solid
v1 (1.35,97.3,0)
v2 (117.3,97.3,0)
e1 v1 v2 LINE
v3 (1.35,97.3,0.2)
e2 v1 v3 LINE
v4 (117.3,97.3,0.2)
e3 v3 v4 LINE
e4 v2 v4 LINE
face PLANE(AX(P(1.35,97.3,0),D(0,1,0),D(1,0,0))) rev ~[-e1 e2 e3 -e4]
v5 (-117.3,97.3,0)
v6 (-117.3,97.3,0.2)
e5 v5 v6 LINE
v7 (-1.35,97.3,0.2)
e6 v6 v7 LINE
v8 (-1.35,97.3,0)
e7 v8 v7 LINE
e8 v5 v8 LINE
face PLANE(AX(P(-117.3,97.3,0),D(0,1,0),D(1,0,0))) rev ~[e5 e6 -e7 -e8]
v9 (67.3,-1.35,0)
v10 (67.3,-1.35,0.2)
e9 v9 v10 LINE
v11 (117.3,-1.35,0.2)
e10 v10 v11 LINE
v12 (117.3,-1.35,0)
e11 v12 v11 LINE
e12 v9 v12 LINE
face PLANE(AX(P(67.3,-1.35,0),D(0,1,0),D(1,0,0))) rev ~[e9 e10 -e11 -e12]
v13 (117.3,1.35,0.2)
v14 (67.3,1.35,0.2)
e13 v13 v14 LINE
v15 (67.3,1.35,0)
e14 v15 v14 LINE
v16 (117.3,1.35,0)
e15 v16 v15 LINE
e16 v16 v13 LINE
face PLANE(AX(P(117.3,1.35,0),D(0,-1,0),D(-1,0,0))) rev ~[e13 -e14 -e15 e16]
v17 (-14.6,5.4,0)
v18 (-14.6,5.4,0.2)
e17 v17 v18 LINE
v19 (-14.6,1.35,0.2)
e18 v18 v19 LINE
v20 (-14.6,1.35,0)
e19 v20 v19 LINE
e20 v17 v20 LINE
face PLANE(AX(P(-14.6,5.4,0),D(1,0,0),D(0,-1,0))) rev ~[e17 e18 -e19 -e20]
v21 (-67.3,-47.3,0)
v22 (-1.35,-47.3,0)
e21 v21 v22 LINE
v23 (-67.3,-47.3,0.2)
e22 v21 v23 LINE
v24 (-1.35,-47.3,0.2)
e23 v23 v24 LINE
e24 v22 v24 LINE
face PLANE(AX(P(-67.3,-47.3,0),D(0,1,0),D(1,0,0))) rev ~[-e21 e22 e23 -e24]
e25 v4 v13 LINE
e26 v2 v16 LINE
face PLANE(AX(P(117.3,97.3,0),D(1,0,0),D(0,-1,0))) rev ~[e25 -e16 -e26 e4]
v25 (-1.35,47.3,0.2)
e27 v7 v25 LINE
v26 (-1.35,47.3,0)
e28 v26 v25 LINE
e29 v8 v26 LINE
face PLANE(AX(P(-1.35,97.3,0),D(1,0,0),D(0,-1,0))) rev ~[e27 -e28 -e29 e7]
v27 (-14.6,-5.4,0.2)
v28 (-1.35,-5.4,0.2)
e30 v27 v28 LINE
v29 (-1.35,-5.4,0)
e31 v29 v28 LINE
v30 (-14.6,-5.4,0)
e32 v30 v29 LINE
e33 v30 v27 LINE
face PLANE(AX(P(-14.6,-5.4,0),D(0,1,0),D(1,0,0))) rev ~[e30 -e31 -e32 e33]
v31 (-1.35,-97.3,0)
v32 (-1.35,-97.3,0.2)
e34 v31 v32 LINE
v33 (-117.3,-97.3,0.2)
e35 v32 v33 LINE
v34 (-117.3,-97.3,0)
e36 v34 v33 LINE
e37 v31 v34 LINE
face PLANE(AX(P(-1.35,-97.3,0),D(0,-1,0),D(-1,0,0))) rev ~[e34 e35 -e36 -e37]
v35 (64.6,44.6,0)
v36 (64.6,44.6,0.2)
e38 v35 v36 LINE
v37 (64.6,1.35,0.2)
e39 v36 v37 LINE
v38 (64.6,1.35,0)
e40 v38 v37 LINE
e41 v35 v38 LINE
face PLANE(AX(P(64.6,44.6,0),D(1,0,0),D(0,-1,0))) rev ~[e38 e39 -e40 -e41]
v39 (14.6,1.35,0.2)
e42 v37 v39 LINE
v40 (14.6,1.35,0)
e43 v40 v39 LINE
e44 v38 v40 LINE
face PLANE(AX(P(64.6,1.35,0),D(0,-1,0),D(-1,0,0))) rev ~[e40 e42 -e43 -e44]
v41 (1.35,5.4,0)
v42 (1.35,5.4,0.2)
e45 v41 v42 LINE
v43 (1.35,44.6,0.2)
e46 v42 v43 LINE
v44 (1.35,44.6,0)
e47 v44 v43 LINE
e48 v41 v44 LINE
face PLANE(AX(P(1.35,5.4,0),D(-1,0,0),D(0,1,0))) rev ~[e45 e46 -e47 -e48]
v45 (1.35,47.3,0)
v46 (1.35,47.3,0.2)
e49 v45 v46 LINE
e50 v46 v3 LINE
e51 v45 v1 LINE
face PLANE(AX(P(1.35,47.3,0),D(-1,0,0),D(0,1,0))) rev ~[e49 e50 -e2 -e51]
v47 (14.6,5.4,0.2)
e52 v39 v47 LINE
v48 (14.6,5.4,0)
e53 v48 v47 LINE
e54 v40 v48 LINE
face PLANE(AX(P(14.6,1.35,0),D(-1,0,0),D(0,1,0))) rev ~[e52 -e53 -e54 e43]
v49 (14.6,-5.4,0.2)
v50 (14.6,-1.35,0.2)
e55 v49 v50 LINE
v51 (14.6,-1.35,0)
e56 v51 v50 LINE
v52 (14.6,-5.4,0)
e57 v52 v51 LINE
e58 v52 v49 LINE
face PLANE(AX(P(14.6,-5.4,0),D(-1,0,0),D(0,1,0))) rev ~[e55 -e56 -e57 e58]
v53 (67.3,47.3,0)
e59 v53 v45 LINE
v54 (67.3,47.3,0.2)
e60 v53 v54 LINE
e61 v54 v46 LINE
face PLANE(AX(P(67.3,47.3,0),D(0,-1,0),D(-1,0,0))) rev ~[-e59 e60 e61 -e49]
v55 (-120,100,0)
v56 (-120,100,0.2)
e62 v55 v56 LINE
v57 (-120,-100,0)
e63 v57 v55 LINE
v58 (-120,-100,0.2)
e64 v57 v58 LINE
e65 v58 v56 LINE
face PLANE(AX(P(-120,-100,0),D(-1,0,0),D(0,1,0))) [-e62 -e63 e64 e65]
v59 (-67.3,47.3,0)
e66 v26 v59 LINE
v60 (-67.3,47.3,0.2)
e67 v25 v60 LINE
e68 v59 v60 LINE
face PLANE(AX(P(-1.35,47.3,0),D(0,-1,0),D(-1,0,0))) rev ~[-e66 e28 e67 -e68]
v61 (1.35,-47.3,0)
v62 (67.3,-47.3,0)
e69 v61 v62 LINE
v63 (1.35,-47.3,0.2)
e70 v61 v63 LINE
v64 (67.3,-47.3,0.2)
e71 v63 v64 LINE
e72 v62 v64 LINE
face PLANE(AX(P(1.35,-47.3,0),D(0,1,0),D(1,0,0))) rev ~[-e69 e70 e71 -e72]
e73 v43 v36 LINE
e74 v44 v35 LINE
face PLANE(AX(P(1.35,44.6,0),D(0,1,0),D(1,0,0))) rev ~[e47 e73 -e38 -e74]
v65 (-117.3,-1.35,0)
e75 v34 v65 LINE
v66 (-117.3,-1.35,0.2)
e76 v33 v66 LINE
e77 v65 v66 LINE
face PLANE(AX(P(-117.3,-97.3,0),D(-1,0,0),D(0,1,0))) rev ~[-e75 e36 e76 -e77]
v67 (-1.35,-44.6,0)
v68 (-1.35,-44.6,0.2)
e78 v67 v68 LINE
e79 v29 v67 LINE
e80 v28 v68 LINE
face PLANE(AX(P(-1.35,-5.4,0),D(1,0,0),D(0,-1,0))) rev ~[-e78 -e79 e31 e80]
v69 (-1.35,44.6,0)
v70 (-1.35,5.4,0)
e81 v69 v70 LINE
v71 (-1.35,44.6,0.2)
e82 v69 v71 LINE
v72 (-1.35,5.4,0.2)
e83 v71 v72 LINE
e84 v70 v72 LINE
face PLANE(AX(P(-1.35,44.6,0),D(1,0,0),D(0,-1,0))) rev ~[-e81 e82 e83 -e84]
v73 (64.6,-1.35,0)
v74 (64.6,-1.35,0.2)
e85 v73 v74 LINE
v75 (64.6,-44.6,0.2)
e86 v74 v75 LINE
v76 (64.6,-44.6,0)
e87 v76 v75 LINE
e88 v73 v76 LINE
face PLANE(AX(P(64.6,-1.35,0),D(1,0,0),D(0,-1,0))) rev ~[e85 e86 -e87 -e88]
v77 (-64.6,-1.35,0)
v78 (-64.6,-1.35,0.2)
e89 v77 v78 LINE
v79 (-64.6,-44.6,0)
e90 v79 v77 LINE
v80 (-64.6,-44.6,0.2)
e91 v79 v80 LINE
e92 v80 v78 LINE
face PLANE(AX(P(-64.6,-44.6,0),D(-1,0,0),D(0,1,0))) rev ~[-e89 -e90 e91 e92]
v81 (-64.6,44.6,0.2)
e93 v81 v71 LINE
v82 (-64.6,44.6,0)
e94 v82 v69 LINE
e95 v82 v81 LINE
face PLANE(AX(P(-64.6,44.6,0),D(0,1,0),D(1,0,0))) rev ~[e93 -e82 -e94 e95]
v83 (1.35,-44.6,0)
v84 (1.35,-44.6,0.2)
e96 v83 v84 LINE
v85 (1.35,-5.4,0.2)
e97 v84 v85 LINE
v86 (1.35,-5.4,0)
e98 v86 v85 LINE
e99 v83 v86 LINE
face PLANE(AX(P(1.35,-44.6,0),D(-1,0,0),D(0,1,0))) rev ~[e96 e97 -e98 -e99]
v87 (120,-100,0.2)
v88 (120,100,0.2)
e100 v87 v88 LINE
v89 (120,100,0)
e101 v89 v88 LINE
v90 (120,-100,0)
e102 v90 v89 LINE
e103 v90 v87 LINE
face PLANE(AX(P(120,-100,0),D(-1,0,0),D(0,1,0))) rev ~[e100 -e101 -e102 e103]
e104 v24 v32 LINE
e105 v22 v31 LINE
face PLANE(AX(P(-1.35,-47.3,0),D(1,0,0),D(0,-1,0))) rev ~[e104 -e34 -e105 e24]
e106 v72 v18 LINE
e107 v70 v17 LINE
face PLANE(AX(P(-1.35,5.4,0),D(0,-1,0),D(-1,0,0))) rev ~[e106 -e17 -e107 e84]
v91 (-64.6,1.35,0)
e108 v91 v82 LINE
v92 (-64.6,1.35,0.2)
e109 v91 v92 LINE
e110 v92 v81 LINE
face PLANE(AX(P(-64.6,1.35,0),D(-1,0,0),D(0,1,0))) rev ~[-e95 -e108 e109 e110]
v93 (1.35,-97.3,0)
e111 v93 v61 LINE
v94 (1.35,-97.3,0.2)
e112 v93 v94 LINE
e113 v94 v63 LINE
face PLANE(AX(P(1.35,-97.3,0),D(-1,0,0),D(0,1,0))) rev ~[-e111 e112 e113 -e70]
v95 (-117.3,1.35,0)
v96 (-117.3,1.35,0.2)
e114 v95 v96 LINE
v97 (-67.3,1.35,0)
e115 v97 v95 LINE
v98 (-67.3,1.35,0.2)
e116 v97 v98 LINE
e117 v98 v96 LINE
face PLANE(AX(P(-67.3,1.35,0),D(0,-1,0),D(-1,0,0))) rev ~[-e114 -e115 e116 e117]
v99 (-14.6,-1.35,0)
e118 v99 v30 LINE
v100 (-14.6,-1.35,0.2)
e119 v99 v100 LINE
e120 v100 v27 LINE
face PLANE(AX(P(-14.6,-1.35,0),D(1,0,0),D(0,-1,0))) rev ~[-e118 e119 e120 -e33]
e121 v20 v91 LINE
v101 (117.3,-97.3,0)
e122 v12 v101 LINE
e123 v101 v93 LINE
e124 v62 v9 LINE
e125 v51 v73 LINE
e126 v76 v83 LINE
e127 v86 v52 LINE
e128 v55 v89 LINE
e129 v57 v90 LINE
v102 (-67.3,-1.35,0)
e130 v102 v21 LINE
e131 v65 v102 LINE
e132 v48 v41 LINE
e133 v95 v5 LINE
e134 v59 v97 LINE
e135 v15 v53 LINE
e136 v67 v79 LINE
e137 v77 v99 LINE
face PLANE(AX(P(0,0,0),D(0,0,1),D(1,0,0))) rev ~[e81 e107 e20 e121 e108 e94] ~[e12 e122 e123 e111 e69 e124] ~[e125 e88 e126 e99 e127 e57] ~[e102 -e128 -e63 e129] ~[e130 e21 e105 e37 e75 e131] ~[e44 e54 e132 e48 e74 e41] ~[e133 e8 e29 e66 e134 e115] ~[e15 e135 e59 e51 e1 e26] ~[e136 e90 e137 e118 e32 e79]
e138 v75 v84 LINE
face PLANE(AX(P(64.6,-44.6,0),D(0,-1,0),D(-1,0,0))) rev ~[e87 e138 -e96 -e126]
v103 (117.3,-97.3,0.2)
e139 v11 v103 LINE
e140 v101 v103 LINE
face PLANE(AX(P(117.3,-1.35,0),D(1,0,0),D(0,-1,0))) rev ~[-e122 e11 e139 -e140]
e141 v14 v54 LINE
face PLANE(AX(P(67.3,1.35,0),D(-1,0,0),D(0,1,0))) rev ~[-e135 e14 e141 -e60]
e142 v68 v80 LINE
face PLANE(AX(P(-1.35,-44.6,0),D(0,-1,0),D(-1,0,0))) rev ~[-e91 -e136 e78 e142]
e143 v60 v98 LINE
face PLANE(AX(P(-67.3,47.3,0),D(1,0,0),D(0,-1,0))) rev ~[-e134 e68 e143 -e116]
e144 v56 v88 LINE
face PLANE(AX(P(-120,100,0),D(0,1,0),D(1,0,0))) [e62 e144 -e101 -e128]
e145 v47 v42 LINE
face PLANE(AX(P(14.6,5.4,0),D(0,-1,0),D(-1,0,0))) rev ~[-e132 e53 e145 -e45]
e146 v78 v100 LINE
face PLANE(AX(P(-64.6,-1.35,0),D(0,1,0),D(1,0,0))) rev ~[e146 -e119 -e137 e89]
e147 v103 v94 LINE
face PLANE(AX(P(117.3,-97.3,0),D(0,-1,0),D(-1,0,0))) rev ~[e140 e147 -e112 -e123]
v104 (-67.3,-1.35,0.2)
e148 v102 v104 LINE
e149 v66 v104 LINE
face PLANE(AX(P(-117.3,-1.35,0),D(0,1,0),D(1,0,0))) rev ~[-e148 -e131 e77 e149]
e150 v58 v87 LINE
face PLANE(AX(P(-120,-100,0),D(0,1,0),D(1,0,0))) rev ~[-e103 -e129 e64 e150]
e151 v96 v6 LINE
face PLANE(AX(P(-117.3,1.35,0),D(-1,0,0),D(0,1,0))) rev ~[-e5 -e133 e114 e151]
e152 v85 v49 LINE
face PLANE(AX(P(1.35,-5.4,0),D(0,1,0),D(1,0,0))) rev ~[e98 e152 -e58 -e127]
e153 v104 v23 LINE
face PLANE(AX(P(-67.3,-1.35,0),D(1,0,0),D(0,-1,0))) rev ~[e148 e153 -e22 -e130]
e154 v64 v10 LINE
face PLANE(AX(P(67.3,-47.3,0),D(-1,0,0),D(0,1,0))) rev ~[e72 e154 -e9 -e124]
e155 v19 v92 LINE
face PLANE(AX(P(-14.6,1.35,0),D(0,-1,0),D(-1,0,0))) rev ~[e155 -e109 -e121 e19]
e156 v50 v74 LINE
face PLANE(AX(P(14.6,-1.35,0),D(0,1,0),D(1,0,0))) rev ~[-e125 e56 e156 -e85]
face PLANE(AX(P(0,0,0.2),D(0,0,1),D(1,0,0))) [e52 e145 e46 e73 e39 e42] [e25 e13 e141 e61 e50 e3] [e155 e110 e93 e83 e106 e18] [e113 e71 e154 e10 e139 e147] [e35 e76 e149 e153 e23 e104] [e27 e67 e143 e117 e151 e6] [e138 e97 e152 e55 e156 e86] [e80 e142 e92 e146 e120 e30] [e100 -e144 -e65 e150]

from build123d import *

# Parameters (mm, degrees)
F1_W     = 240
F1_H     = 200
F2_DEPTH = 0.2


with BuildPart() as f2:
    # F1 (on Top) → F2 (new body)
    with BuildSketch(Plane.XY):
        Rectangle(F1_W, F1_H)
        Polygon((-1.35, -97.3), (-117.3, -97.3), (-117.3, -1.35), (-67.3, -1.35), (-67.3, -47.3), (-1.35, -47.3), align=None, mode=Mode.SUBTRACT)
        Polygon((-1.35, -44.6), (-64.6, -44.6), (-64.6, -1.35), (-14.6, -1.35), (-14.6, -5.4), (-1.35, -5.4), align=None, mode=Mode.SUBTRACT)
        Polygon((117.3, -1.35), (117.3, -97.3), (1.35, -97.3), (1.35, -47.3), (67.3, -47.3), (67.3, -1.35), align=None, mode=Mode.SUBTRACT)
        Polygon((64.6, -1.35), (64.6, -44.6), (1.35, -44.6), (1.35, -5.4), (14.6, -5.4), (14.6, -1.35), align=None, mode=Mode.SUBTRACT)
        Polygon((-14.6, 5.4), (-14.6, 1.35), (-64.6, 1.35), (-64.6, 44.6), (-1.35, 44.6), (-1.35, 5.4), align=None, mode=Mode.SUBTRACT)
        Polygon((-117.3, 97.3), (-1.35, 97.3), (-1.35, 47.3), (-67.3, 47.3), (-67.3, 1.35), (-117.3, 1.35), align=None, mode=Mode.SUBTRACT)
        Polygon((1.35, 44.6), (64.6, 44.6), (64.6, 1.35), (14.6, 1.35), (14.6, 5.4), (1.35, 5.4), align=None, mode=Mode.SUBTRACT)
        Polygon((1.35, 97.3), (117.3, 97.3), (117.3, 1.35), (67.3, 1.35), (67.3, 47.3), (1.35, 47.3), align=None, mode=Mode.SUBTRACT)
    extrude(amount=F2_DEPTH)


solid = f2.part
